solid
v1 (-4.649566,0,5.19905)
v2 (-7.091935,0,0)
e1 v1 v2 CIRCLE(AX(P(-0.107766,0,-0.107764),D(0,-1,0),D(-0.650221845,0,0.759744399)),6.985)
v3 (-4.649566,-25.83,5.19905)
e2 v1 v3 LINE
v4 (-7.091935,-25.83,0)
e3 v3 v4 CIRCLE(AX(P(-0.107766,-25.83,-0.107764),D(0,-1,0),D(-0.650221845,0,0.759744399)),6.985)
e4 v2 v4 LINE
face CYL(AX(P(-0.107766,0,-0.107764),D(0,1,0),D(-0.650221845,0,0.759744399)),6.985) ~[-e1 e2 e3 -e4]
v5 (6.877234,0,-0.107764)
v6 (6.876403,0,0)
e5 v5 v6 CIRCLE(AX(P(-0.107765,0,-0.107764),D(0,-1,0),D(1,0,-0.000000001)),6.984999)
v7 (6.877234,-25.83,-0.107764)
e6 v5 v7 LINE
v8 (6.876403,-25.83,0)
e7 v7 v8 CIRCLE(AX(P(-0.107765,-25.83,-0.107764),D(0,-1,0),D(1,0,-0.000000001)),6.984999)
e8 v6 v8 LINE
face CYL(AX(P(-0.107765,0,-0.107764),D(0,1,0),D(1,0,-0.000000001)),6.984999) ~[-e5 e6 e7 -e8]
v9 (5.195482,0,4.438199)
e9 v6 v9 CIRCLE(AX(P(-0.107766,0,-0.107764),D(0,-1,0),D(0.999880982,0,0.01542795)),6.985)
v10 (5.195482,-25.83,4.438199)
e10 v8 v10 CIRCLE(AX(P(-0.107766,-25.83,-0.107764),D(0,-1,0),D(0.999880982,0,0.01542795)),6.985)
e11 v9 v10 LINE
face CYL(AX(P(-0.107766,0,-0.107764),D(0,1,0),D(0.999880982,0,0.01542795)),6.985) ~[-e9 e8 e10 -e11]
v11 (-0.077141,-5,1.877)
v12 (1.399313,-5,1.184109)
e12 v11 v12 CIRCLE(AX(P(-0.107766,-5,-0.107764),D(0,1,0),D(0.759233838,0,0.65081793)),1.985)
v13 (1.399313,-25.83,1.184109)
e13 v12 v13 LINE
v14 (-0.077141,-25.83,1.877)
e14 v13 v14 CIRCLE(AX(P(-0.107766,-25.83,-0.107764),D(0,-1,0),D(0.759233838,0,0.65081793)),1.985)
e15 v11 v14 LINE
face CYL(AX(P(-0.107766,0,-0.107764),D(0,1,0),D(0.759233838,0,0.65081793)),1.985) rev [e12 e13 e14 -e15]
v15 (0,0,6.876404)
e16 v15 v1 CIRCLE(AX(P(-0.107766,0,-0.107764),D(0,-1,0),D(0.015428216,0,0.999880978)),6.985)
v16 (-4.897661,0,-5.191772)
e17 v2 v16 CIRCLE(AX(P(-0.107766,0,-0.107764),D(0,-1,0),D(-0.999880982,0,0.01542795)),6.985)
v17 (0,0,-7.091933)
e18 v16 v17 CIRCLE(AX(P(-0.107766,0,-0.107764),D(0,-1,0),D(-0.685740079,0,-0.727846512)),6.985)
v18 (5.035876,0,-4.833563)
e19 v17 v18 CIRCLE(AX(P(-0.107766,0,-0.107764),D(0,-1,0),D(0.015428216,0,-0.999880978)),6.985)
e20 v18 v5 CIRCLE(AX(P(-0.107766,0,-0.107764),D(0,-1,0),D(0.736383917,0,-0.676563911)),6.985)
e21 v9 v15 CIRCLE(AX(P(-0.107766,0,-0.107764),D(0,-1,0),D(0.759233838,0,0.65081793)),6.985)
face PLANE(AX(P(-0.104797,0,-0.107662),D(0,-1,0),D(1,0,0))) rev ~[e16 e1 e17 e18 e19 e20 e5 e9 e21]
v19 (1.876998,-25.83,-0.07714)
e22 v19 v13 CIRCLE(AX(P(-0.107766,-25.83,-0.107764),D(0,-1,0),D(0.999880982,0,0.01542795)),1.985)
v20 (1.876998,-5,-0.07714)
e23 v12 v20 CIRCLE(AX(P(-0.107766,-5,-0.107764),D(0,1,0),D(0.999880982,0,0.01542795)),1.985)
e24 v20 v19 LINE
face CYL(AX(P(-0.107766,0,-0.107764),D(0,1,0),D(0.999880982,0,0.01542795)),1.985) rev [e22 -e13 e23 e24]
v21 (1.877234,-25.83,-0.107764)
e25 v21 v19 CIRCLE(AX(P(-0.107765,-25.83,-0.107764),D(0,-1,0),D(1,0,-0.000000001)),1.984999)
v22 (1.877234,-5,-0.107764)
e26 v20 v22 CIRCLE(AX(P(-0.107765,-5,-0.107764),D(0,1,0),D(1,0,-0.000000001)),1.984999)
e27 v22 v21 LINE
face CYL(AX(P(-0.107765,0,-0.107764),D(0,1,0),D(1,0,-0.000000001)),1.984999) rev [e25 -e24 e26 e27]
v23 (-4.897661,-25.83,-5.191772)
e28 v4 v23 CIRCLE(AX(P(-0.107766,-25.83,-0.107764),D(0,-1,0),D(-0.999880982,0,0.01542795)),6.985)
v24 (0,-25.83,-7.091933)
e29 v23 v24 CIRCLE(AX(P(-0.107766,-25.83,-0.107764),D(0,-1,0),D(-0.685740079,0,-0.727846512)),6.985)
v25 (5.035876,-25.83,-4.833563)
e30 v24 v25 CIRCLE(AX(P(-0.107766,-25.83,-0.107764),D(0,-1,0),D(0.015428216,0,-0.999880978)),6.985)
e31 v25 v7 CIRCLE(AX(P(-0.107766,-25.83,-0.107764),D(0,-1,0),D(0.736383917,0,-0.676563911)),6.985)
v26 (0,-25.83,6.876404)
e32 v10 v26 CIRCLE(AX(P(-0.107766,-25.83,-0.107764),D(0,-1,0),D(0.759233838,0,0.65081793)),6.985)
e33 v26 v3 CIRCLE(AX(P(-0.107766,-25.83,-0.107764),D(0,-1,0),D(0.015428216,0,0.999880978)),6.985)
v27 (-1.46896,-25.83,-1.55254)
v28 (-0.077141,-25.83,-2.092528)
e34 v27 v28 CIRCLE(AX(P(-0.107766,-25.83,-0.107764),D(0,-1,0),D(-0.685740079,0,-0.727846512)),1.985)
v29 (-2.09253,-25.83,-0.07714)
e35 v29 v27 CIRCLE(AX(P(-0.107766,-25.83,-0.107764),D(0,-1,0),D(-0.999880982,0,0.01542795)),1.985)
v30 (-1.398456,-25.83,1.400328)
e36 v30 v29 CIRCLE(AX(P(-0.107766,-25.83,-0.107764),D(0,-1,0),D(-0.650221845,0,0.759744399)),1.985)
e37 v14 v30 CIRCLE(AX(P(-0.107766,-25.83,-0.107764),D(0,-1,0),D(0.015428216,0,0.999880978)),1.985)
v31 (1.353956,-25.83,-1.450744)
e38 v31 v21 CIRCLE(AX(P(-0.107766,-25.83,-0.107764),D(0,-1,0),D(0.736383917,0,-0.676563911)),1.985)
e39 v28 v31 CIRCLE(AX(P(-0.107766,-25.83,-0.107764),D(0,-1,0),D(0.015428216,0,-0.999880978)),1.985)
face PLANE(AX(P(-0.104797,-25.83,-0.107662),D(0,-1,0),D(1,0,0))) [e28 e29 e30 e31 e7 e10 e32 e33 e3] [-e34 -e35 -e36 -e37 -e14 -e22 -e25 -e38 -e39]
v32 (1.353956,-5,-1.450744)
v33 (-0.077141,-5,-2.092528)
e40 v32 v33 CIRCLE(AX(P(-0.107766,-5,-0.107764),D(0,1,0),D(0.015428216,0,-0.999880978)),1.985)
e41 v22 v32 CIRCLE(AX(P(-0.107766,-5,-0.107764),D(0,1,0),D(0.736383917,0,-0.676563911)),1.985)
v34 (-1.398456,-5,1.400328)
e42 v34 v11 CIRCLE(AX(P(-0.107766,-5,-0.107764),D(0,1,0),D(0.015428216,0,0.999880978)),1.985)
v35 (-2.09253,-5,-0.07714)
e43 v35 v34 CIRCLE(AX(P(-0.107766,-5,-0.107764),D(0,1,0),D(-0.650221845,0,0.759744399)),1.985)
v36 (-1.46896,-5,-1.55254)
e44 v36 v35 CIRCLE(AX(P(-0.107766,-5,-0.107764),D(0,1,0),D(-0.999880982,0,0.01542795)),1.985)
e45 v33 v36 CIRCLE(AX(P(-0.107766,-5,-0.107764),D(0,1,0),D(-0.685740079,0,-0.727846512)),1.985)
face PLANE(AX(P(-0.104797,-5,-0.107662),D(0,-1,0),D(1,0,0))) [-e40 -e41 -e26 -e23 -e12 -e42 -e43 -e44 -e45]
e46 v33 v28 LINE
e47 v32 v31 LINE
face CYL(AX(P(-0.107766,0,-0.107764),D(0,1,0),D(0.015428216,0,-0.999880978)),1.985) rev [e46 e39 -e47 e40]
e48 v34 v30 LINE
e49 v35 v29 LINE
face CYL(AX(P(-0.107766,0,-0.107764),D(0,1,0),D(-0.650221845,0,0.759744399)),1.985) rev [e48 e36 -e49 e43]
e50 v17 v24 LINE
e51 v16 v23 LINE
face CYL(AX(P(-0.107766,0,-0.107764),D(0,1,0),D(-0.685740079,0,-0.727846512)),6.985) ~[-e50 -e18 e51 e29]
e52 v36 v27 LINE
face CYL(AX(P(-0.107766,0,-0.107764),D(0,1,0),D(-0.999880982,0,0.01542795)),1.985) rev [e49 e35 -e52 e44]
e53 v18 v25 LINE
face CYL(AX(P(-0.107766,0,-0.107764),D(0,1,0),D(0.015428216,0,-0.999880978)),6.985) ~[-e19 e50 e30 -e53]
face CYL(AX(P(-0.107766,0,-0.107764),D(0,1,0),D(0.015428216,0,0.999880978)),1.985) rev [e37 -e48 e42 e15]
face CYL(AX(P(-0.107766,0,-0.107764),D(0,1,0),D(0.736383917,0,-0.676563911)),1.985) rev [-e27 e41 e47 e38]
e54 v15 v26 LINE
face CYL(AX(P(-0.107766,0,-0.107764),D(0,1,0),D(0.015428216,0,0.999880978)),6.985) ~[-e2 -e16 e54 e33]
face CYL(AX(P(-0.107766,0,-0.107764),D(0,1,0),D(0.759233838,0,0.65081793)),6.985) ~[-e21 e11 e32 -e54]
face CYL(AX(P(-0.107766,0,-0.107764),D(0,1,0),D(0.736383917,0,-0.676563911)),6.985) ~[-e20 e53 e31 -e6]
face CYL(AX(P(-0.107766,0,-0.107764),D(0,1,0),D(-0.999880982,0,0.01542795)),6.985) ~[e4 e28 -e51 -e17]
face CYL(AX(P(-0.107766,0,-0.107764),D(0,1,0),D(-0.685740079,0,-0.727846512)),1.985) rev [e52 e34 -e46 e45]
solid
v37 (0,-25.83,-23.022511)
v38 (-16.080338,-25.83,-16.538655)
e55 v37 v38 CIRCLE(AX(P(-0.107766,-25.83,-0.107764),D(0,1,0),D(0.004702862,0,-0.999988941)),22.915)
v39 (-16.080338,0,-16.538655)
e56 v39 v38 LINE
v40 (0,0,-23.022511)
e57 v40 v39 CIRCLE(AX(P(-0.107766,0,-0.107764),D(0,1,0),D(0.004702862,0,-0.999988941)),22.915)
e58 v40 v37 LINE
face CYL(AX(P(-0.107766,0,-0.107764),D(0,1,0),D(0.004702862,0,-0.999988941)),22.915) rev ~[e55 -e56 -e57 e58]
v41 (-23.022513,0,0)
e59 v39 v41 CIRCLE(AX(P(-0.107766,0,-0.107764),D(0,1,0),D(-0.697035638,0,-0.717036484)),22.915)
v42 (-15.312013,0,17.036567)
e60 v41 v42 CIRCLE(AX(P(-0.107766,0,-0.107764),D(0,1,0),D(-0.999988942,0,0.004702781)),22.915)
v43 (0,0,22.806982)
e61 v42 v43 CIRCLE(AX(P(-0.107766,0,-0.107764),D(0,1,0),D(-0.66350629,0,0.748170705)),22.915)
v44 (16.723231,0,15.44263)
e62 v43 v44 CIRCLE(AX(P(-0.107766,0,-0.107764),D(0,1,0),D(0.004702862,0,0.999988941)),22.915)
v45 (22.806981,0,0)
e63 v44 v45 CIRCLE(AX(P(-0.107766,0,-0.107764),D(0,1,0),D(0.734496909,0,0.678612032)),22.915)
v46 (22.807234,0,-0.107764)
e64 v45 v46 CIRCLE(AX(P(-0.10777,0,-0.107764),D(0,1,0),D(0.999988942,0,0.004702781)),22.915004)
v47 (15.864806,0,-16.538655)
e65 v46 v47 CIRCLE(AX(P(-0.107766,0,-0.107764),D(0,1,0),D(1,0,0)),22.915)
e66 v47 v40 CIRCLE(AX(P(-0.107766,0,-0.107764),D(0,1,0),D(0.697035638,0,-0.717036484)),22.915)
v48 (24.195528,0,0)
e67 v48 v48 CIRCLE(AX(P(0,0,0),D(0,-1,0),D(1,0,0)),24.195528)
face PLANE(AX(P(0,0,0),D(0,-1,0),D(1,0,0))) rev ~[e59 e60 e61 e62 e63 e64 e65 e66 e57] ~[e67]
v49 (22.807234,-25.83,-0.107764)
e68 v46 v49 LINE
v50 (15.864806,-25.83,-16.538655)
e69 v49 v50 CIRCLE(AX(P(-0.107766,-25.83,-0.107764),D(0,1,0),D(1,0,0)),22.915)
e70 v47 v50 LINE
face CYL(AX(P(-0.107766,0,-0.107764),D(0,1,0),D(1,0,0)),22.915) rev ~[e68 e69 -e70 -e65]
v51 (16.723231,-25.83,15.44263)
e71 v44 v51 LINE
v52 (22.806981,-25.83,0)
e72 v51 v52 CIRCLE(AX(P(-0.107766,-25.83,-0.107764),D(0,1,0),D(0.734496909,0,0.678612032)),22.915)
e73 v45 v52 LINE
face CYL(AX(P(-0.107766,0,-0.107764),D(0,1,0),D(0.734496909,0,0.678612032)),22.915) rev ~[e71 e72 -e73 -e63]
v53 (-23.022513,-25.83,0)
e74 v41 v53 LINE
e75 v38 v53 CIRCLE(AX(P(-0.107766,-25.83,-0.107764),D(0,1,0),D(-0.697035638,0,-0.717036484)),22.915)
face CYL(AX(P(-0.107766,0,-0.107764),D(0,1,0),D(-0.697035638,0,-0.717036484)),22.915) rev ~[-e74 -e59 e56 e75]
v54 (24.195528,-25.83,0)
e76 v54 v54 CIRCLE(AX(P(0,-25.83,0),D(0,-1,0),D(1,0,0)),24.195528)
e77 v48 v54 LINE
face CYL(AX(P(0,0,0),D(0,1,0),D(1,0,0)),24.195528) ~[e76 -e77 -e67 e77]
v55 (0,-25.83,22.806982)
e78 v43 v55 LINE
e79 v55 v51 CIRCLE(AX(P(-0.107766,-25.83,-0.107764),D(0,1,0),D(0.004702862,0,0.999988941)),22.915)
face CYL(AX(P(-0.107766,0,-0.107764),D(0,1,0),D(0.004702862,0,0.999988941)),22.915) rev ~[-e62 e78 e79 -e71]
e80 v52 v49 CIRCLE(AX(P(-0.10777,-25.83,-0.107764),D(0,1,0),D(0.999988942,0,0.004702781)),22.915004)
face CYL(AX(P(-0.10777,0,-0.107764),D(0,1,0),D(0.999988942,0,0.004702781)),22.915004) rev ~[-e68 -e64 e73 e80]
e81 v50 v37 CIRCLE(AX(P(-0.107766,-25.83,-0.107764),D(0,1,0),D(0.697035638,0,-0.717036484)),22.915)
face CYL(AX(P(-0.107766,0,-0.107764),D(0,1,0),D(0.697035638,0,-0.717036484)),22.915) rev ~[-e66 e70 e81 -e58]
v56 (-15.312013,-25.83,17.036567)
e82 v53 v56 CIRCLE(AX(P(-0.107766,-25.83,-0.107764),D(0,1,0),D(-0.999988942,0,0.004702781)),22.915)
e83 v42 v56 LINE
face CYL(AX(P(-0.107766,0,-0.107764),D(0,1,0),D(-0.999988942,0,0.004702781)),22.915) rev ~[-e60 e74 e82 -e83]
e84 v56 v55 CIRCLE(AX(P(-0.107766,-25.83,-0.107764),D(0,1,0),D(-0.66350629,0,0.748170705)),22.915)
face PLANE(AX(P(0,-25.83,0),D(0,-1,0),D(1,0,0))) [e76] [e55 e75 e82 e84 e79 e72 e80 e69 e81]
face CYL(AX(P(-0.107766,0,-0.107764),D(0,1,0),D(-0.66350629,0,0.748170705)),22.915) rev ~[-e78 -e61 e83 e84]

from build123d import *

# Parameters (mm, degrees)
F0_R     = 24.1955282069
F1_DEPTH = 25.83
F2_DEPTH = 25.83
F3_T     = -5


with BuildPart() as f1:
    # F0 (on Front) → F1 (new body)
    with BuildSketch(Plane.XZ):
        Circle(F0_R)
        with BuildLine():
            ThreePointArc((22.8069805174, 0), (22.8071705652, -0.0538819661), (22.8072339146, -0.1077642301))
            ThreePointArc((22.8072339146, -0.1077642301), (21.0003923413, -9.0264453451), (15.8648055636, -16.5386552563))
            ThreePointArc((15.8648055636, -16.5386552563), (8.5613983016, -21.3196197319), (0, -23.0225108241))
            ThreePointArc((0, -23.0225108241), (-8.6770781727, -21.360155045), (-16.0803377344, -16.5386552563))
            ThreePointArc((-16.0803377344, -16.5386552563), (-21.2368375186, -8.976787027), (-23.0225126882, 0))
            ThreePointArc((-23.0225126882, 0), (-20.9842018201, 9.3406036721), (-15.3120127095, 17.0365674745))
            ThreePointArc((-15.3120127095, 17.0365674745), (-8.1886294776, 21.3351103869), (0, 22.806982364))
            ThreePointArc((0, 22.806982364), (9.1274296662, 20.863844779), (16.7232305874, 15.4426304916))
            ThreePointArc((16.7232305874, 15.4426304916), (21.212405965, 8.2914910192), (22.8069805174, 0))
        make_face(mode=Mode.SUBTRACT)
    extrude(amount=F1_DEPTH)


with BuildPart() as f2:
    # F0 (on Front) → F2 (new body)
    with BuildSketch(Plane.XZ):
        with BuildLine():
            ThreePointArc((6.8772339146, -0.1077642301), (6.8770260765, -0.0538805117), (6.8764025745, 0))
            ThreePointArc((6.8764025745, 0), (6.4244277946, 2.3662341762), (5.1954822758, 4.4381990143))
            ThreePointArc((5.1954822758, 4.4381990143), (2.8597211871, 6.2155453691), (0, 6.8764044013))
            ThreePointArc((0, 6.8764044013), (-2.4781125568, 6.4627519297), (-4.6495656756, 5.1990503967))
            ThreePointArc((-4.6495656756, 5.1990503967), (-6.4299110761, 2.862203399), (-7.0919347454, 0))
            ThreePointArc((-7.0919347454, 0), (-6.5417201535, -2.827039878), (-4.8976605359, -5.191772113))
            ThreePointArc((-4.8976605359, -5.191772113), (-2.6342724132, -6.6198292463), (0, -7.0919328614))
            ThreePointArc((0, -7.0919328614), (2.7504465149, -6.481212726), (5.0358755768, -4.8335631521))
            ThreePointArc((5.0358755768, -4.8335631521), (6.400634717, -2.6436948275), (6.8772339146, -0.1077642301))
        make_face()
    extrude(amount=F2_DEPTH)

    # F3
    f3_openings = [f2.faces().sort_by_distance(p)[0] for p in [
        (-0.107766, -25.83, -0.107764),
    ]]
    offset(amount=F3_T, openings=f3_openings)


solid = Compound([f1.part, f2.part])
